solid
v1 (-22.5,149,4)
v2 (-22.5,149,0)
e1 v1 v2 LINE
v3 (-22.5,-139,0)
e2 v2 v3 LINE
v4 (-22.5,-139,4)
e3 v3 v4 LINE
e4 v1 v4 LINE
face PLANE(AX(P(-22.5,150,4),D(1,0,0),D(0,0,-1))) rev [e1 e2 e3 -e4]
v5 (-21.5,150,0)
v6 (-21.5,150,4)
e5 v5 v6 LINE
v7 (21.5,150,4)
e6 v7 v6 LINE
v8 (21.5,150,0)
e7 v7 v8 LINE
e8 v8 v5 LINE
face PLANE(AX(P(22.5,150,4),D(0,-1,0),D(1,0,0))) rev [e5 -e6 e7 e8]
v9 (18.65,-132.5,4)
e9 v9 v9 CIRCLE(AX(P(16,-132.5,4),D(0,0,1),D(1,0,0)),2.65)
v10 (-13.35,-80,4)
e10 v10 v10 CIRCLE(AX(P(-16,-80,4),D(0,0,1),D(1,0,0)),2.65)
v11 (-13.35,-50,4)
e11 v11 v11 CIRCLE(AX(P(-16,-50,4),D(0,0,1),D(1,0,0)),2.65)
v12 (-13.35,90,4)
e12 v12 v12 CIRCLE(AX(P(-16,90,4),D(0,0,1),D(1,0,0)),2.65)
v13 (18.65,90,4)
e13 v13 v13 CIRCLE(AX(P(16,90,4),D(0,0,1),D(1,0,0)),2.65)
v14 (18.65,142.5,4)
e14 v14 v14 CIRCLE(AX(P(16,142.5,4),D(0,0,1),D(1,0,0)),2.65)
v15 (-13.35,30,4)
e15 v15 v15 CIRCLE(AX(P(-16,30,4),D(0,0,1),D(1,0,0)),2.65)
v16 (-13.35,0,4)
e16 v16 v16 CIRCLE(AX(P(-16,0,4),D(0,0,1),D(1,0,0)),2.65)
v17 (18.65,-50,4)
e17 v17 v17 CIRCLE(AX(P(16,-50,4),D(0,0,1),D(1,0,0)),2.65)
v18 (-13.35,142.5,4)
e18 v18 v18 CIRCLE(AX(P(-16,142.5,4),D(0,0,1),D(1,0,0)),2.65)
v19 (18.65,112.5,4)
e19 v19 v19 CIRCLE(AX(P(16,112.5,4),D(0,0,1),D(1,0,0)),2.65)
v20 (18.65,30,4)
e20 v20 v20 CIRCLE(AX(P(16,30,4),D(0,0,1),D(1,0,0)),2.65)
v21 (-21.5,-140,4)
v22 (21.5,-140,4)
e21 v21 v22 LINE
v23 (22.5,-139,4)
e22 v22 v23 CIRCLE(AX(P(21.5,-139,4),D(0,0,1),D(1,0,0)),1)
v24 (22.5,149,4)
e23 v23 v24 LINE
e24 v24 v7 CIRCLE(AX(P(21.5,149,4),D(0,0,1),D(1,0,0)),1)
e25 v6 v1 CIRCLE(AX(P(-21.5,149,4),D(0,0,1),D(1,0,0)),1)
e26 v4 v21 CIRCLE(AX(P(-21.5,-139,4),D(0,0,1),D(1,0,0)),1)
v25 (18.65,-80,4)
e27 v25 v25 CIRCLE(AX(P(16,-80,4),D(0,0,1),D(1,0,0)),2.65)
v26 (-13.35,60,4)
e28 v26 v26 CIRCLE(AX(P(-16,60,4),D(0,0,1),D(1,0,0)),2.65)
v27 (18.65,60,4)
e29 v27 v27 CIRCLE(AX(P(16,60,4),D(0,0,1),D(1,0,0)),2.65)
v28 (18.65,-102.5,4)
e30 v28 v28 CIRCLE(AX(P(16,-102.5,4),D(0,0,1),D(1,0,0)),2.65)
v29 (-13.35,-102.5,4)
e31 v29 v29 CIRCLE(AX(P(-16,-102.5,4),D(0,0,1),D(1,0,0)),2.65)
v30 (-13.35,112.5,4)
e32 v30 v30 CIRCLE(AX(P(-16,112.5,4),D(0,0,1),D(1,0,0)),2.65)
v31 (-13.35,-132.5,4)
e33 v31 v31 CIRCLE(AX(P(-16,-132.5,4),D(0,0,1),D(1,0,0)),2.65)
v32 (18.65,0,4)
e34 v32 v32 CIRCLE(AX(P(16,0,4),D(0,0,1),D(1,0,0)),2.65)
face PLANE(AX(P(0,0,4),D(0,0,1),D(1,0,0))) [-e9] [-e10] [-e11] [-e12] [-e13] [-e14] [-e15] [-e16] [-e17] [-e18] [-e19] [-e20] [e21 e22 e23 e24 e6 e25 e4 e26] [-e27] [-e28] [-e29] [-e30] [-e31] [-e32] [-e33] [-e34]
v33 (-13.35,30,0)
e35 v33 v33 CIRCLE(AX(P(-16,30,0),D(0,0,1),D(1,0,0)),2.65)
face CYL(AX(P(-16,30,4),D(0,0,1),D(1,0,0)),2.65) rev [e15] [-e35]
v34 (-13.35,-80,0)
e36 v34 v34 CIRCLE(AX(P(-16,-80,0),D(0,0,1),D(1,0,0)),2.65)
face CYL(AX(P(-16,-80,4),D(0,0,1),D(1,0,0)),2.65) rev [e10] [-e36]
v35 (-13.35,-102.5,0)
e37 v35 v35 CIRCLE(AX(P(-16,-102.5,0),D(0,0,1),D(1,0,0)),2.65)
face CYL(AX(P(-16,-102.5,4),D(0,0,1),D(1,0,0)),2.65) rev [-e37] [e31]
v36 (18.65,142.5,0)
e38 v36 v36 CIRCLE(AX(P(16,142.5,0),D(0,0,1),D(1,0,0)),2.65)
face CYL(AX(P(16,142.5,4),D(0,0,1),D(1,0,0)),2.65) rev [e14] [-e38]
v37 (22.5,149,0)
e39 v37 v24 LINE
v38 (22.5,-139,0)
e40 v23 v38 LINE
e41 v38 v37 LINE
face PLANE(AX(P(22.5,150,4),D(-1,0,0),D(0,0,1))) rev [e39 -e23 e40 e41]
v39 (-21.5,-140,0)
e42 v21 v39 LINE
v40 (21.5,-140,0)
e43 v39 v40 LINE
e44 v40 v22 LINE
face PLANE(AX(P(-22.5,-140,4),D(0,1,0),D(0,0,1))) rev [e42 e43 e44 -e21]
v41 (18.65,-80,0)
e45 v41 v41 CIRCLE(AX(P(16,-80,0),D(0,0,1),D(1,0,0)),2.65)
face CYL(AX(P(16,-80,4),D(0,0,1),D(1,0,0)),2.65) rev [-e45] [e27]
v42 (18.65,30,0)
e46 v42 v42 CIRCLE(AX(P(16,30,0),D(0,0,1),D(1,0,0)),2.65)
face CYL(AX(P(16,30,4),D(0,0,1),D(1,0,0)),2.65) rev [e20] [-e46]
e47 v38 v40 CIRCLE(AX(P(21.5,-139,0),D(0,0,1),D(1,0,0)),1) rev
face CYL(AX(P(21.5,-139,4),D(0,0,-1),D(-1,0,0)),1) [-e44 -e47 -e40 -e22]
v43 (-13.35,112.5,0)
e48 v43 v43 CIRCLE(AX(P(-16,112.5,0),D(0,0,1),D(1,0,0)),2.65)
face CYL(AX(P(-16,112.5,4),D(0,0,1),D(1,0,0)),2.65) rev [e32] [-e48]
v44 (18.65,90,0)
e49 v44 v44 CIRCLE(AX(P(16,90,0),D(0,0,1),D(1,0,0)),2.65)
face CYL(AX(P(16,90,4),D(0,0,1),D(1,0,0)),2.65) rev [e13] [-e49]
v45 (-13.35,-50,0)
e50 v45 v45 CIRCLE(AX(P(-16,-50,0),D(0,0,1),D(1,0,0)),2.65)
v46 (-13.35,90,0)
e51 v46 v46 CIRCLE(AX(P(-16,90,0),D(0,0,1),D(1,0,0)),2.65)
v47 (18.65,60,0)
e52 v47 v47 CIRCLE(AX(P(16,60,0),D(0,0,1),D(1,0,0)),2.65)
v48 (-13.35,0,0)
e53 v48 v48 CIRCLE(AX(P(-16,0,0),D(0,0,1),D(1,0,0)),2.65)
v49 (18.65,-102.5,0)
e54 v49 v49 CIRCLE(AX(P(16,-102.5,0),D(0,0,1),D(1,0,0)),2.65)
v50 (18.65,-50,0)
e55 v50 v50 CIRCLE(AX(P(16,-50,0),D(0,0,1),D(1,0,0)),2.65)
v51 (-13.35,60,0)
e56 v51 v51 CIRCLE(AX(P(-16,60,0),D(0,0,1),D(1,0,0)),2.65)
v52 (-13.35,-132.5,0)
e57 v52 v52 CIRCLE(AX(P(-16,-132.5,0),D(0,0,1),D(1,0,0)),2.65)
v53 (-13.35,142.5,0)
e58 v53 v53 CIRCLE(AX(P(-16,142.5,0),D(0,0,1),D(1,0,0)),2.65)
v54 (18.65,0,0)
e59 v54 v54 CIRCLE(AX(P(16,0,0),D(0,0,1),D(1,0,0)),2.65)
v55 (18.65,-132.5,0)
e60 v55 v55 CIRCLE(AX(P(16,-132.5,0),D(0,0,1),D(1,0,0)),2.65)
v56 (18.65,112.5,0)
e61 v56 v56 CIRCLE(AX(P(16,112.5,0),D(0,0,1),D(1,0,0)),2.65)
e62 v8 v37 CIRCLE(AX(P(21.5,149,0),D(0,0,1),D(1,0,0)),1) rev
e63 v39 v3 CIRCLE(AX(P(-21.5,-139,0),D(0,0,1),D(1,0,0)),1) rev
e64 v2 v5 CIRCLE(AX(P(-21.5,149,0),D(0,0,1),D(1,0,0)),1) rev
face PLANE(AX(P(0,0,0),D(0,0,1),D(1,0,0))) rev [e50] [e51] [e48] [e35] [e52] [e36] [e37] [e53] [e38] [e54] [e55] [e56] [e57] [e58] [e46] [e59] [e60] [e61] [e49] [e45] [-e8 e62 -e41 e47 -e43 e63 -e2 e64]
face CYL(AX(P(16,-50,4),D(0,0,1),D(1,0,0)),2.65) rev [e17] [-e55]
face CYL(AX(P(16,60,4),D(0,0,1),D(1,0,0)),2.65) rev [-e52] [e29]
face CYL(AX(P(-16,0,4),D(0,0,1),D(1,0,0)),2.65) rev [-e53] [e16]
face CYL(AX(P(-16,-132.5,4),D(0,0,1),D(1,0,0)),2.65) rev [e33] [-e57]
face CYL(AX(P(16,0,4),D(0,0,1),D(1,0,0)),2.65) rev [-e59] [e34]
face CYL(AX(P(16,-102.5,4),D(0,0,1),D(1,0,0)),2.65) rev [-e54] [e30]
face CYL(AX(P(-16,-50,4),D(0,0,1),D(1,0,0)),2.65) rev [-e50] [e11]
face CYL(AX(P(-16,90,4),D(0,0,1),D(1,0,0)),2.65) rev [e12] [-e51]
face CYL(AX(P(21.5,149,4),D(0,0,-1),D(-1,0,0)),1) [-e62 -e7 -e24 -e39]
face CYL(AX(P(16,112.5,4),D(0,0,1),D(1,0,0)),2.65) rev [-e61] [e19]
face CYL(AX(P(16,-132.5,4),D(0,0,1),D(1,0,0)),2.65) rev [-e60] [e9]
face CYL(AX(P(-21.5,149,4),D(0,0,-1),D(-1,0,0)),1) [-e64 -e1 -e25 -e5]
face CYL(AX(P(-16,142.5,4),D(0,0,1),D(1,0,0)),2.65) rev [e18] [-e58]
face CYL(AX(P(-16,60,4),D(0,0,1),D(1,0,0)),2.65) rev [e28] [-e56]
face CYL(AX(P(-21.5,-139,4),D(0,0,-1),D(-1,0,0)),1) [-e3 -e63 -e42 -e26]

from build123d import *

# Parameters (mm, degrees)
SKETCH1_W            = 45
SKETCH1_H            = 290
BOSS_EXTRUDE1_DEPTH  = 4
M5_CLEARANCE_HOLE1_D = 5.3
FILLET1_R            = 1


with BuildPart() as part:
    # Sketch1 → Boss-Extrude1 (new body)
    with BuildSketch(Plane.XY):
        with Locations((0, 5)):
            Rectangle(SKETCH1_W, SKETCH1_H)
    extrude(amount=BOSS_EXTRUDE1_DEPTH)

    # M5 Clearance Hole1 (through all)
    with Locations(Plane.XY.offset(4)):
        with Locations((-16, 142.5), (-16, 112.5), (-16, -102.5), (-16, -132.5), (16, -132.5), (16, -102.5), (16, 112.5), (16, 142.5), (-16, 30), (-16, 0), (16, 0), (16, 30), (-16, 90), (-16, 60), (-16, -50), (-16, -80), (16, -80), (16, -50), (16, 60), (16, 90)):
            Hole(M5_CLEARANCE_HOLE1_D / 2)

    # Fillet1
    fillet1_edges = [part.edges().sort_by_distance(p)[0] for p in [
        (-22.5, 150, 2),
        (22.5, 150, 2),
        (22.5, -140, 2),
        (-22.5, -140, 2),
    ]]
    fillet(fillet1_edges, radius=FILLET1_R)


solid = part.part
